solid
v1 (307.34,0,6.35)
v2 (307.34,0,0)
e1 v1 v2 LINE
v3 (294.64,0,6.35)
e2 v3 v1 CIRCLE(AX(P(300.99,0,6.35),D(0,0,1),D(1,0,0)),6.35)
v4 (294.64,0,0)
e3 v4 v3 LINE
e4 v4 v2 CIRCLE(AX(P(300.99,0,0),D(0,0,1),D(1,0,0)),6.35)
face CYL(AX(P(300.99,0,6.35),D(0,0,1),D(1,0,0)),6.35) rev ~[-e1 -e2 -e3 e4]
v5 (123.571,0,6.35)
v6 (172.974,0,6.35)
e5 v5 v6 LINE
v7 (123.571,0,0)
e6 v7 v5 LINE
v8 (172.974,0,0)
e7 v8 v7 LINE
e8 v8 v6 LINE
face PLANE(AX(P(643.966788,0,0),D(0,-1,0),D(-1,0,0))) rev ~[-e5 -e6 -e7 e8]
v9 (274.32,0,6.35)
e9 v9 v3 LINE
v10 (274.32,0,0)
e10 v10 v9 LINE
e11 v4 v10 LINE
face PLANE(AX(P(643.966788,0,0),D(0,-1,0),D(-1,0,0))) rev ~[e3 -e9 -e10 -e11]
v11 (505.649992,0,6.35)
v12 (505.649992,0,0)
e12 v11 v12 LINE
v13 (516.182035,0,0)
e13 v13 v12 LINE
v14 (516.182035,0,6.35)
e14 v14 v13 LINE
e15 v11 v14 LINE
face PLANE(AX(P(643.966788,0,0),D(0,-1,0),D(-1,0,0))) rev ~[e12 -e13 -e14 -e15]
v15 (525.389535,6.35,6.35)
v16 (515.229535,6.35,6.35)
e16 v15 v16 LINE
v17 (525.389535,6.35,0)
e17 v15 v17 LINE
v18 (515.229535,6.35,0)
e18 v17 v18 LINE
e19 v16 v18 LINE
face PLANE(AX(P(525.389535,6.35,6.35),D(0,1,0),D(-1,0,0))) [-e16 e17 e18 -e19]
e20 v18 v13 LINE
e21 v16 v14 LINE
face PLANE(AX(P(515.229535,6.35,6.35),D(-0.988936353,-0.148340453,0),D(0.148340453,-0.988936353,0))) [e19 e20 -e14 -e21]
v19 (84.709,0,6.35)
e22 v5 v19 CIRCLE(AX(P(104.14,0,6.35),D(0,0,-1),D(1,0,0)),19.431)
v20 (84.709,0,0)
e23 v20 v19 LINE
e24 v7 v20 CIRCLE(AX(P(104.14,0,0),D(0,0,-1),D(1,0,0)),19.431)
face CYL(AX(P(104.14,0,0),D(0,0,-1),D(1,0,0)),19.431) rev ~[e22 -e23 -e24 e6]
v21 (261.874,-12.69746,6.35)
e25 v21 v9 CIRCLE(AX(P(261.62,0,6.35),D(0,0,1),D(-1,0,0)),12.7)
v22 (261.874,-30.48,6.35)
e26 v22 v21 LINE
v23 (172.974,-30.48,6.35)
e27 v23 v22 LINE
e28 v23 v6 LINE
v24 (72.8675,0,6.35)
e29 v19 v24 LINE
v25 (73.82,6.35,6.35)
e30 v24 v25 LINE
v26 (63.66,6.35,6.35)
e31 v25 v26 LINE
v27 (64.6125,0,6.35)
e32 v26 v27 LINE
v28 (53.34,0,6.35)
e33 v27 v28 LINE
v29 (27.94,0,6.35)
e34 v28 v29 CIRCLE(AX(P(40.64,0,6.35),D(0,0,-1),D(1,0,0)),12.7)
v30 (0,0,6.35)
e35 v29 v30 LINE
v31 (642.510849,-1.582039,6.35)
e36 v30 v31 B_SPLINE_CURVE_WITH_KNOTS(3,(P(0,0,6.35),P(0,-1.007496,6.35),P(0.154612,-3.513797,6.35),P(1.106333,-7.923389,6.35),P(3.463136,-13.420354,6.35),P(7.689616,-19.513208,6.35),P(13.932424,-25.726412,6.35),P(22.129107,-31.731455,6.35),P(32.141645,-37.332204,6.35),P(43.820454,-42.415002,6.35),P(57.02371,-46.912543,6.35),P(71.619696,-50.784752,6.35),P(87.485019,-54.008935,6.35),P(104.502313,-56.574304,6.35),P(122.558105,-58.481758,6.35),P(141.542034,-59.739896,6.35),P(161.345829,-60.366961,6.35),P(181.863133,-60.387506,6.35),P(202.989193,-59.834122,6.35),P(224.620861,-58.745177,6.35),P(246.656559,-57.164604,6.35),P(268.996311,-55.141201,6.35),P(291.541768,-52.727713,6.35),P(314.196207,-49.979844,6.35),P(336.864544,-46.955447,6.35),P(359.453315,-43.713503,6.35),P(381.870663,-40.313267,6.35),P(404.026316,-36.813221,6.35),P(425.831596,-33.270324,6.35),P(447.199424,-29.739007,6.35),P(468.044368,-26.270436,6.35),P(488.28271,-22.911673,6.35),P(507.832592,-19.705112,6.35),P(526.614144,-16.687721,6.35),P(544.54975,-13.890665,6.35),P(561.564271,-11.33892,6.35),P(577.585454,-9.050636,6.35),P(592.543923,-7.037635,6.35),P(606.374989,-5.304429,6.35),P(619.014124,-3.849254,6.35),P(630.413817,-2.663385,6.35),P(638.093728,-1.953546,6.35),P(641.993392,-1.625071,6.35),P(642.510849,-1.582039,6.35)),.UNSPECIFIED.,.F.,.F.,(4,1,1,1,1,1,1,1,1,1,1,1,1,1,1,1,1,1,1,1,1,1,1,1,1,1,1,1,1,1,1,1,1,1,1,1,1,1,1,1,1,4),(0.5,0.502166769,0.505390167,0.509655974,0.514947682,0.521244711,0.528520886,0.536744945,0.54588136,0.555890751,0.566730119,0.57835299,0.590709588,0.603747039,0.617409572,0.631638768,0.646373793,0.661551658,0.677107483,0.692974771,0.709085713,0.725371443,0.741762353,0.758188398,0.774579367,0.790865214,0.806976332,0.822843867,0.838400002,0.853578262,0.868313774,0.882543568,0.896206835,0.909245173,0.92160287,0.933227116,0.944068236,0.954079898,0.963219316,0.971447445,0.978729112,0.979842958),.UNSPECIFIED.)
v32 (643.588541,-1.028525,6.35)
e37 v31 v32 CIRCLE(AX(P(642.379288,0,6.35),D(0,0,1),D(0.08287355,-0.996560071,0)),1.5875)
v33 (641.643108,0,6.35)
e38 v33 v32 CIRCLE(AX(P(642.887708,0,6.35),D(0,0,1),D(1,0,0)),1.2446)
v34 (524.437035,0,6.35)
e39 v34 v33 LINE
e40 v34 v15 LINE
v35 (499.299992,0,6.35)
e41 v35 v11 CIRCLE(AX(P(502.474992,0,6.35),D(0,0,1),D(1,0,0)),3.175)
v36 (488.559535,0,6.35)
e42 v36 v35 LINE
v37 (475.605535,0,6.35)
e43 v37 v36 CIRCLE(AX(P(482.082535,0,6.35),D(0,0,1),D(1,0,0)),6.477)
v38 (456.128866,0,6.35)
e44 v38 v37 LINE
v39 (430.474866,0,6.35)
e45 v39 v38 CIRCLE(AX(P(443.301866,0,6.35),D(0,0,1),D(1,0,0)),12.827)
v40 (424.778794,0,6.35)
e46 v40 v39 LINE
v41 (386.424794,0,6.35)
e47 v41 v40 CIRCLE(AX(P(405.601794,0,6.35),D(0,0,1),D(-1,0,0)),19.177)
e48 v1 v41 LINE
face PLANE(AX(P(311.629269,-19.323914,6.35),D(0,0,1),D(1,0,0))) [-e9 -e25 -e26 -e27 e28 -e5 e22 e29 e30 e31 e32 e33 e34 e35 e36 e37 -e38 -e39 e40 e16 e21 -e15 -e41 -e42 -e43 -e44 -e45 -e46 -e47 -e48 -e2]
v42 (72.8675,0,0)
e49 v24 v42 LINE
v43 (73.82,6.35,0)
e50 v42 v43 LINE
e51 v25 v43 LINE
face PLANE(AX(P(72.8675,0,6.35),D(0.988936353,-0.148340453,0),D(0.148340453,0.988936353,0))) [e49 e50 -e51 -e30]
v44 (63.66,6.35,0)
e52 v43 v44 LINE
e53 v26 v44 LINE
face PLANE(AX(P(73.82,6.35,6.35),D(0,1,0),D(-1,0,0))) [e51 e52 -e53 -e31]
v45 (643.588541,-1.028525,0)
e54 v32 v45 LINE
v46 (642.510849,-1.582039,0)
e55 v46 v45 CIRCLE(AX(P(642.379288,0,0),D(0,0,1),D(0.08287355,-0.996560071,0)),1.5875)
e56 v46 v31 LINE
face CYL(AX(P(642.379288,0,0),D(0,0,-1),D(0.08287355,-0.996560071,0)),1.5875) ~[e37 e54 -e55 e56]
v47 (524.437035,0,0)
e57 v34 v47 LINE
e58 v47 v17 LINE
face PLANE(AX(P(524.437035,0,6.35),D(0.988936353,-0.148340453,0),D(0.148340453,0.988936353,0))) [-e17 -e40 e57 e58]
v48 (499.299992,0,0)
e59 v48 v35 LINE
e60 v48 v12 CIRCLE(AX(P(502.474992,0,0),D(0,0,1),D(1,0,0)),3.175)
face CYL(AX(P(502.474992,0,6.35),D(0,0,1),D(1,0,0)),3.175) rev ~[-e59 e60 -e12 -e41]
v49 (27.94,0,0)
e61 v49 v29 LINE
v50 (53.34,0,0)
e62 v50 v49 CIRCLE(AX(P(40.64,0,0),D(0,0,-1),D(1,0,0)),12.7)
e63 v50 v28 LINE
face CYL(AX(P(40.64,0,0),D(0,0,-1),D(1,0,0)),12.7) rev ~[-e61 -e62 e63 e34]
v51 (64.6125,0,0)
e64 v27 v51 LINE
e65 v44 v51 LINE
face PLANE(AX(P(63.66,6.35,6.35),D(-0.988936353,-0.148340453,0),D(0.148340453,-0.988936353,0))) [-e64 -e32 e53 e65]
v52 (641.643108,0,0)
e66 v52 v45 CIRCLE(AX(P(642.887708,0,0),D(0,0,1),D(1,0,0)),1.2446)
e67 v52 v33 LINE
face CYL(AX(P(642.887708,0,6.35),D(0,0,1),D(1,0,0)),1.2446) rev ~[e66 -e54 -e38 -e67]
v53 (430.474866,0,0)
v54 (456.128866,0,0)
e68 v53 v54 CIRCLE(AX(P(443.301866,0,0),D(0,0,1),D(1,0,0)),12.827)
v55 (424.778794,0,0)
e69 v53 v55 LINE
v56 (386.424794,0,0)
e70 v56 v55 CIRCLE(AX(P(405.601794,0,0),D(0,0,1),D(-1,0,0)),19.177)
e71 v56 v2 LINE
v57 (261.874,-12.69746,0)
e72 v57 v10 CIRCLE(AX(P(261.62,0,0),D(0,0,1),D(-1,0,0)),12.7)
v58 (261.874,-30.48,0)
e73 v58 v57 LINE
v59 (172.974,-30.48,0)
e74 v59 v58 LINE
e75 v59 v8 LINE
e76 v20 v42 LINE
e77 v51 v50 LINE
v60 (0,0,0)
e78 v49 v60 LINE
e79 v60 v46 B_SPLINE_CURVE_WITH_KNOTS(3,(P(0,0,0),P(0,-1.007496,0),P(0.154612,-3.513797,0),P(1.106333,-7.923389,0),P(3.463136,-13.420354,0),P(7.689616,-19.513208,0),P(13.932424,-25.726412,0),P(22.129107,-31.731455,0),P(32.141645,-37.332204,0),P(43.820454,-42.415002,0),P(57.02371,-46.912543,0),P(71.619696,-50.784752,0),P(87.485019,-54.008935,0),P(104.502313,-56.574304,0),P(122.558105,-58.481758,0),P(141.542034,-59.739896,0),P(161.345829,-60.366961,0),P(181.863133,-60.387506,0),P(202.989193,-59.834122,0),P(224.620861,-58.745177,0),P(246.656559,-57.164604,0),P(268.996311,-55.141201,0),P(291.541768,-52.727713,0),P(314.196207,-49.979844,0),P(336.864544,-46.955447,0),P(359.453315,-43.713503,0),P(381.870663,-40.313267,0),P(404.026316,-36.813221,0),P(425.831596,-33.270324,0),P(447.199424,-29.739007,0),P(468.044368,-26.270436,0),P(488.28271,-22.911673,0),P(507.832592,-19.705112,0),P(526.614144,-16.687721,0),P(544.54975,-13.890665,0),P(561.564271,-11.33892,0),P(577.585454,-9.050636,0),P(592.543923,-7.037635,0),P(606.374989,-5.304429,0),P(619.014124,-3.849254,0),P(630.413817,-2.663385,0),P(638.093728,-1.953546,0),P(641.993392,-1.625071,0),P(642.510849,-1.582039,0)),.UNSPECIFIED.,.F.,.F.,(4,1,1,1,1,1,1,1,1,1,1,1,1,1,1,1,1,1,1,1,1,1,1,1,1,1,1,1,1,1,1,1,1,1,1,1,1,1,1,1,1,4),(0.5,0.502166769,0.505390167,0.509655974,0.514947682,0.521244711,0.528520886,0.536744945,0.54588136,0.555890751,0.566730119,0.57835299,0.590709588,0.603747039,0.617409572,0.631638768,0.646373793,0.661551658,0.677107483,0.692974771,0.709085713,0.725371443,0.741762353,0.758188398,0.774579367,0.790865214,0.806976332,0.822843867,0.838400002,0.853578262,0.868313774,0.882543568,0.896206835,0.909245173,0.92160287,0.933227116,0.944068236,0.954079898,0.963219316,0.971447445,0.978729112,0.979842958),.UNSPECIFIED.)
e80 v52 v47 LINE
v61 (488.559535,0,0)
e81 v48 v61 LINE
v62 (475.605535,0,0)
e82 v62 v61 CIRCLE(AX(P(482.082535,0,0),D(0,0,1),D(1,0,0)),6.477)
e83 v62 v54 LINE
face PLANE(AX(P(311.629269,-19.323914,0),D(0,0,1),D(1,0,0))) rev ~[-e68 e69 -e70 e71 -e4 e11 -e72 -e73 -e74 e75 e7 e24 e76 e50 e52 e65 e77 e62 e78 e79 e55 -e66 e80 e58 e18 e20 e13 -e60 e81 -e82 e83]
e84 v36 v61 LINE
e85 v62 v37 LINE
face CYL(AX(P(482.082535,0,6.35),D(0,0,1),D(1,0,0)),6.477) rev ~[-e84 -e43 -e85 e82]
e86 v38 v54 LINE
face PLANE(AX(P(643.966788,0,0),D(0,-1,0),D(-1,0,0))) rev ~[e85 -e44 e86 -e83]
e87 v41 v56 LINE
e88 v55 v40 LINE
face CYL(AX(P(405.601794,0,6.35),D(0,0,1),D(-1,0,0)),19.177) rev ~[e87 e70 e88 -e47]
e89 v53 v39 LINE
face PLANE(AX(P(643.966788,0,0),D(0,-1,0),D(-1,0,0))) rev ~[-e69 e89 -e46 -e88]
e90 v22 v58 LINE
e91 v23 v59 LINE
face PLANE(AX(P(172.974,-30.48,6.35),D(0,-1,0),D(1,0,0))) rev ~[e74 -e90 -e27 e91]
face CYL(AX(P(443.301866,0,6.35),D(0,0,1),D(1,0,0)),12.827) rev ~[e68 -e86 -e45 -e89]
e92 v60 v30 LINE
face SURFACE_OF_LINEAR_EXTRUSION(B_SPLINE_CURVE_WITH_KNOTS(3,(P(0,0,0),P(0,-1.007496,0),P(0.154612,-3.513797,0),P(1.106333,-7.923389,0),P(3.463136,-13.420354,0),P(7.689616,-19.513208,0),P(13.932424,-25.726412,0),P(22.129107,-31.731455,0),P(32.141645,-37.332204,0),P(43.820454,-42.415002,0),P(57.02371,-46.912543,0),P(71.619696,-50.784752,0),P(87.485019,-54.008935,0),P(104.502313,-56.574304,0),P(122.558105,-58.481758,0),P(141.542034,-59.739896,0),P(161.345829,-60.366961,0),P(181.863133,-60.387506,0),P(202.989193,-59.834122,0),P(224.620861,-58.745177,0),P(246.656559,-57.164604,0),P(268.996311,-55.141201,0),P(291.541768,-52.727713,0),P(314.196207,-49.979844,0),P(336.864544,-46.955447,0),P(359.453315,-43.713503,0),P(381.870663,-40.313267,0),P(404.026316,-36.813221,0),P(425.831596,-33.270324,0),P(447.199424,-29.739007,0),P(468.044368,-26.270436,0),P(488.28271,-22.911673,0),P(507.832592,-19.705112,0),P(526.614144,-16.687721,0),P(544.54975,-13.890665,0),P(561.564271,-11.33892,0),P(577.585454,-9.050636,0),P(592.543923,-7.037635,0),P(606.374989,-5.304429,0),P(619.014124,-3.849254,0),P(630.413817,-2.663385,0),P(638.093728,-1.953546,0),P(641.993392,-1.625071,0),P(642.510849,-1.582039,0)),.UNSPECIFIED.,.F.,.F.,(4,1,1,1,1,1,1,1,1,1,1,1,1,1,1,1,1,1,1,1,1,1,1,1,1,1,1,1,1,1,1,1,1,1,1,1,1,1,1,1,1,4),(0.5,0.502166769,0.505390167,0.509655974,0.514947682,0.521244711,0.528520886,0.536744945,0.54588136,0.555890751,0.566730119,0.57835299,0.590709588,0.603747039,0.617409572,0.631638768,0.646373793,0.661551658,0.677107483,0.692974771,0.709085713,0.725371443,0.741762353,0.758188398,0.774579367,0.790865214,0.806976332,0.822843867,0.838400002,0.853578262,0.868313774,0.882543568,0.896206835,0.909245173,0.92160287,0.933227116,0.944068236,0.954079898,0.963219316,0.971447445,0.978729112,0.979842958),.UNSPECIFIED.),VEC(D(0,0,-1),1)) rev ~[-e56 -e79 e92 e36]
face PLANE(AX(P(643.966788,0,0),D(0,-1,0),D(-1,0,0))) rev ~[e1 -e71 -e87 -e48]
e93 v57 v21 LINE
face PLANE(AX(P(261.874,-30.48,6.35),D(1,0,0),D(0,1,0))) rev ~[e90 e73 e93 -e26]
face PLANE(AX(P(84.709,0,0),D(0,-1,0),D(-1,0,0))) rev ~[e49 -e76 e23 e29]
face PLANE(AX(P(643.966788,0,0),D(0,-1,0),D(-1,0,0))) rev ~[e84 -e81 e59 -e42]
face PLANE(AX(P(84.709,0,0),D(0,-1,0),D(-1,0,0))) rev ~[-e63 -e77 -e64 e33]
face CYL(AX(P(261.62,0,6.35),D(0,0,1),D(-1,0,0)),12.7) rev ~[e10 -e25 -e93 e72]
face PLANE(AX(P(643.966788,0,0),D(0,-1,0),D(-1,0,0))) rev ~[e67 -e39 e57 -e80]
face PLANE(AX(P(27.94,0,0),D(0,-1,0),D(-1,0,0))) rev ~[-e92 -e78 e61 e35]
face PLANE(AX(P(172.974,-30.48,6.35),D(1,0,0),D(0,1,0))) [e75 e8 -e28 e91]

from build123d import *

# Parameters (mm, degrees)
BOSS_EXTRUDE1_DEPTH     = 6.35
CUT_EXTRUDE2_DEPTH      = 1.0000001
CUT_EXTRUDE2_DEPTH_BACK = 7.3500001
SKETCH4_W               = 6.35
SKETCH4_H               = 6.35
BOSS_EXTRUDE2_DEPTH     = 6.35
SKETCH7_W               = 88.9
SKETCH7_H               = 60.96
CUT_EXTRUDE4_DEPTH      = 7.3500001
SKETCH8_R               = 1.2446
CUT_EXTRUDE5_DEPTH      = 7.3500001


with BuildPart() as part:
    # Sketch2 → Boss-Extrude1 (new body)
    with BuildSketch(Plane.XY):
        with BuildLine():
            Line((460.660965279, 0), (123.571, 0))
            ThreePointArc((123.571, 0), (104.14, -19.431), (84.709, 0))
            Line((84.709, 0), (53.34, 0))
            ThreePointArc((53.34, 0), (40.64, -12.7), (27.94, 0))
            Line((27.94, 0), (0, 0))
            add(Edge.make_bspline(
                [(0, 0), (0, -1.007496172), (0.154611582, -3.513796615), (1.106333228, -7.923389435), (3.463136343, -13.420354421), (7.689616489, -19.513207632), (13.932423524, -25.726412106), (22.129107375, -31.731455339), (32.141645239, -37.332204029), (43.82045433, -42.41500246), (57.023709725, -46.912543066), (71.619696083, -50.784752003), (87.485018636, -54.008935199), (104.502313427, -56.574303932), (122.558104573, -58.481758104), (141.542033828, -59.739895824), (161.345829027, -60.366961324), (181.863132616, -60.387506142), (202.989192599, -59.8341217), (224.620860897, -58.745176641), (246.65655865, -57.164603829), (268.996310773, -55.141201012), (291.541767704, -52.727712704), (314.196207315, -49.979843895), (336.86454415, -46.955447457), (359.453314895, -43.713502532), (381.870662856, -40.313266856), (404.02631566, -36.813220545), (425.831595832, -33.270324121), (447.199424328, -29.739007432), (468.044367735, -26.27043606), (488.282710288, -22.911672601), (507.832591566, -19.705111663), (526.614143658, -16.687720753), (544.549749946, -13.890665375), (561.564270734, -11.338919625), (577.585454095, -9.050636147), (592.543922516, -7.037634907), (606.374988512, -5.304428983), (619.014124193, -3.849253664), (630.413817462, -2.663385493), (638.093728429, -1.953546407), (641.993392355, -1.625070631), (642.510849283, -1.582039112)],
                knots=[0.5, 0.5, 0.5, 0.5, 0.502166769, 0.505390167, 0.509655974, 0.514947682, 0.521244711, 0.528520886, 0.536744945, 0.54588136, 0.555890751, 0.566730119, 0.57835299, 0.590709588, 0.603747039, 0.617409572, 0.631638768, 0.646373793, 0.661551658, 0.677107483, 0.692974771, 0.709085713, 0.725371443, 0.741762353, 0.758188398, 0.774579367, 0.790865214, 0.806976332, 0.822843867, 0.838400002, 0.853578262, 0.868313774, 0.882543568, 0.896206835, 0.909245173, 0.92160287, 0.933227116, 0.944068236, 0.954079898, 0.963219316, 0.971447445, 0.978729112, 0.979842958, 0.979842958, 0.979842958, 0.979842958], degree=3))
            ThreePointArc((642.510849283, -1.582039112), (643.547407924, -1.075012082), (643.966787522, 0))
            Line((643.966787522, 0), (473.360965279, 0))
            Line((473.360965279, 0), (460.660965279, 0))
        make_face()
    extrude(amount=BOSS_EXTRUDE1_DEPTH)

    # Sketch3 → Cut-Extrude2 (cut, two sides)
    with BuildSketch(Plane.XY.offset(6.35)) as cut_extrude2_sk:
        with BuildLine():
            ThreePointArc((424.77879385, 0), (405.60179385, 19.177), (386.42479385, 0))
            Line((386.42479385, 0), (424.77879385, 0))
        make_face()
        with BuildLine():
            Line((424.77879385, 0), (386.42479385, 0))
            ThreePointArc((386.42479385, 0), (405.60179385, -19.177), (424.77879385, 0))
        make_face()
        with BuildLine():
            ThreePointArc((430.474866123, 0), (443.301866123, -12.827), (456.128866123, 0))
            Line((456.128866123, 0), (430.474866123, 0))
        make_face()
        with BuildLine():
            Line((430.474866123, 0), (456.128866123, 0))
            ThreePointArc((456.128866123, 0), (443.301866123, 12.827), (430.474866123, 0))
        make_face()
        with BuildLine():
            ThreePointArc((475.605534569, 0), (482.082534569, -6.477), (488.559534569, 0))
            Line((488.559534569, 0), (475.605534569, 0))
        make_face()
        with BuildLine():
            Line((475.605534569, 0), (488.559534569, 0))
            ThreePointArc((488.559534569, 0), (482.082534569, 6.477), (475.605534569, 0))
        make_face()
        with BuildLine():
            ThreePointArc((499.299992417, 0), (502.474992417, -3.175), (505.649992417, 0))
            Line((505.649992417, 0), (499.299992417, 0))
        make_face()
        with BuildLine():
            Line((499.299992417, 0), (505.649992417, 0))
            ThreePointArc((505.649992417, 0), (502.474992417, 3.175), (499.299992417, 0))
        make_face()
        with BuildLine():
            ThreePointArc((274.32, 0), (261.62, 12.7), (248.92, 0))
            Line((248.92, 0), (274.32, 0))
        make_face()
        with BuildLine():
            Line((274.32, 0), (248.92, 0))
            ThreePointArc((248.92, 0), (261.62, -12.7), (274.32, 0))
        make_face()
        with BuildLine():
            ThreePointArc((294.64, 0), (300.99, -6.35), (307.34, 0))
            Line((307.34, 0), (294.64, 0))
        make_face()
        with BuildLine():
            Line((294.64, 0), (307.34, 0))
            ThreePointArc((307.34, 0), (300.99, 6.35), (294.64, 0))
        make_face()
    extrude(amount=CUT_EXTRUDE2_DEPTH, mode=Mode.SUBTRACT)
    extrude(cut_extrude2_sk.sketch, amount=-CUT_EXTRUDE2_DEPTH_BACK, mode=Mode.SUBTRACT)

    # Sketch4 → Boss-Extrude2 (add)
    with BuildSketch(Plane.XY.offset(6.35)):
        Polygon((516.182034569, 0), (517.134534569, 0), (517.134534569, 6.35), (515.229534569, 6.35), align=None)
        with Locations((520.309534569, 3.175)):
            Rectangle(SKETCH4_W, SKETCH4_H)
        Polygon((523.484534569, 0), (524.437034569, 0), (525.389534569, 6.35), (523.484534569, 6.35), align=None)
        Polygon((65.565, 6.35), (63.66, 6.35), (64.6125, 0), (65.565, 0), align=None)
        with Locations((68.74, 3.175)):
            Rectangle(SKETCH4_W, SKETCH4_H)
        Polygon((73.82, 6.35), (71.915, 6.35), (71.915, 0), (72.8675, 0), align=None)
    extrude(amount=-BOSS_EXTRUDE2_DEPTH)

    # Sketch7 → Cut-Extrude4 (cut, through all)
    with BuildSketch(Plane(origin=(327.95923074, -13.751410445, 6.35), x_dir=(1, 0, 0), z_dir=(0, 0, 1))):
        with Locations((-110.53523074, 13.751410445)):
            Rectangle(SKETCH7_W, SKETCH7_H)
    extrude(amount=-CUT_EXTRUDE4_DEPTH, mode=Mode.SUBTRACT)

    # Sketch8 → Cut-Extrude5 (cut, through all)
    with BuildSketch(Plane(origin=(327.95923074, -13.751410445, 6.35), x_dir=(1, 0, 0), z_dir=(0, 0, 1))):
        with Locations((314.928477568, 13.751410445)):
            Circle(SKETCH8_R)
    extrude(amount=-CUT_EXTRUDE5_DEPTH, mode=Mode.SUBTRACT)


solid = part.part
